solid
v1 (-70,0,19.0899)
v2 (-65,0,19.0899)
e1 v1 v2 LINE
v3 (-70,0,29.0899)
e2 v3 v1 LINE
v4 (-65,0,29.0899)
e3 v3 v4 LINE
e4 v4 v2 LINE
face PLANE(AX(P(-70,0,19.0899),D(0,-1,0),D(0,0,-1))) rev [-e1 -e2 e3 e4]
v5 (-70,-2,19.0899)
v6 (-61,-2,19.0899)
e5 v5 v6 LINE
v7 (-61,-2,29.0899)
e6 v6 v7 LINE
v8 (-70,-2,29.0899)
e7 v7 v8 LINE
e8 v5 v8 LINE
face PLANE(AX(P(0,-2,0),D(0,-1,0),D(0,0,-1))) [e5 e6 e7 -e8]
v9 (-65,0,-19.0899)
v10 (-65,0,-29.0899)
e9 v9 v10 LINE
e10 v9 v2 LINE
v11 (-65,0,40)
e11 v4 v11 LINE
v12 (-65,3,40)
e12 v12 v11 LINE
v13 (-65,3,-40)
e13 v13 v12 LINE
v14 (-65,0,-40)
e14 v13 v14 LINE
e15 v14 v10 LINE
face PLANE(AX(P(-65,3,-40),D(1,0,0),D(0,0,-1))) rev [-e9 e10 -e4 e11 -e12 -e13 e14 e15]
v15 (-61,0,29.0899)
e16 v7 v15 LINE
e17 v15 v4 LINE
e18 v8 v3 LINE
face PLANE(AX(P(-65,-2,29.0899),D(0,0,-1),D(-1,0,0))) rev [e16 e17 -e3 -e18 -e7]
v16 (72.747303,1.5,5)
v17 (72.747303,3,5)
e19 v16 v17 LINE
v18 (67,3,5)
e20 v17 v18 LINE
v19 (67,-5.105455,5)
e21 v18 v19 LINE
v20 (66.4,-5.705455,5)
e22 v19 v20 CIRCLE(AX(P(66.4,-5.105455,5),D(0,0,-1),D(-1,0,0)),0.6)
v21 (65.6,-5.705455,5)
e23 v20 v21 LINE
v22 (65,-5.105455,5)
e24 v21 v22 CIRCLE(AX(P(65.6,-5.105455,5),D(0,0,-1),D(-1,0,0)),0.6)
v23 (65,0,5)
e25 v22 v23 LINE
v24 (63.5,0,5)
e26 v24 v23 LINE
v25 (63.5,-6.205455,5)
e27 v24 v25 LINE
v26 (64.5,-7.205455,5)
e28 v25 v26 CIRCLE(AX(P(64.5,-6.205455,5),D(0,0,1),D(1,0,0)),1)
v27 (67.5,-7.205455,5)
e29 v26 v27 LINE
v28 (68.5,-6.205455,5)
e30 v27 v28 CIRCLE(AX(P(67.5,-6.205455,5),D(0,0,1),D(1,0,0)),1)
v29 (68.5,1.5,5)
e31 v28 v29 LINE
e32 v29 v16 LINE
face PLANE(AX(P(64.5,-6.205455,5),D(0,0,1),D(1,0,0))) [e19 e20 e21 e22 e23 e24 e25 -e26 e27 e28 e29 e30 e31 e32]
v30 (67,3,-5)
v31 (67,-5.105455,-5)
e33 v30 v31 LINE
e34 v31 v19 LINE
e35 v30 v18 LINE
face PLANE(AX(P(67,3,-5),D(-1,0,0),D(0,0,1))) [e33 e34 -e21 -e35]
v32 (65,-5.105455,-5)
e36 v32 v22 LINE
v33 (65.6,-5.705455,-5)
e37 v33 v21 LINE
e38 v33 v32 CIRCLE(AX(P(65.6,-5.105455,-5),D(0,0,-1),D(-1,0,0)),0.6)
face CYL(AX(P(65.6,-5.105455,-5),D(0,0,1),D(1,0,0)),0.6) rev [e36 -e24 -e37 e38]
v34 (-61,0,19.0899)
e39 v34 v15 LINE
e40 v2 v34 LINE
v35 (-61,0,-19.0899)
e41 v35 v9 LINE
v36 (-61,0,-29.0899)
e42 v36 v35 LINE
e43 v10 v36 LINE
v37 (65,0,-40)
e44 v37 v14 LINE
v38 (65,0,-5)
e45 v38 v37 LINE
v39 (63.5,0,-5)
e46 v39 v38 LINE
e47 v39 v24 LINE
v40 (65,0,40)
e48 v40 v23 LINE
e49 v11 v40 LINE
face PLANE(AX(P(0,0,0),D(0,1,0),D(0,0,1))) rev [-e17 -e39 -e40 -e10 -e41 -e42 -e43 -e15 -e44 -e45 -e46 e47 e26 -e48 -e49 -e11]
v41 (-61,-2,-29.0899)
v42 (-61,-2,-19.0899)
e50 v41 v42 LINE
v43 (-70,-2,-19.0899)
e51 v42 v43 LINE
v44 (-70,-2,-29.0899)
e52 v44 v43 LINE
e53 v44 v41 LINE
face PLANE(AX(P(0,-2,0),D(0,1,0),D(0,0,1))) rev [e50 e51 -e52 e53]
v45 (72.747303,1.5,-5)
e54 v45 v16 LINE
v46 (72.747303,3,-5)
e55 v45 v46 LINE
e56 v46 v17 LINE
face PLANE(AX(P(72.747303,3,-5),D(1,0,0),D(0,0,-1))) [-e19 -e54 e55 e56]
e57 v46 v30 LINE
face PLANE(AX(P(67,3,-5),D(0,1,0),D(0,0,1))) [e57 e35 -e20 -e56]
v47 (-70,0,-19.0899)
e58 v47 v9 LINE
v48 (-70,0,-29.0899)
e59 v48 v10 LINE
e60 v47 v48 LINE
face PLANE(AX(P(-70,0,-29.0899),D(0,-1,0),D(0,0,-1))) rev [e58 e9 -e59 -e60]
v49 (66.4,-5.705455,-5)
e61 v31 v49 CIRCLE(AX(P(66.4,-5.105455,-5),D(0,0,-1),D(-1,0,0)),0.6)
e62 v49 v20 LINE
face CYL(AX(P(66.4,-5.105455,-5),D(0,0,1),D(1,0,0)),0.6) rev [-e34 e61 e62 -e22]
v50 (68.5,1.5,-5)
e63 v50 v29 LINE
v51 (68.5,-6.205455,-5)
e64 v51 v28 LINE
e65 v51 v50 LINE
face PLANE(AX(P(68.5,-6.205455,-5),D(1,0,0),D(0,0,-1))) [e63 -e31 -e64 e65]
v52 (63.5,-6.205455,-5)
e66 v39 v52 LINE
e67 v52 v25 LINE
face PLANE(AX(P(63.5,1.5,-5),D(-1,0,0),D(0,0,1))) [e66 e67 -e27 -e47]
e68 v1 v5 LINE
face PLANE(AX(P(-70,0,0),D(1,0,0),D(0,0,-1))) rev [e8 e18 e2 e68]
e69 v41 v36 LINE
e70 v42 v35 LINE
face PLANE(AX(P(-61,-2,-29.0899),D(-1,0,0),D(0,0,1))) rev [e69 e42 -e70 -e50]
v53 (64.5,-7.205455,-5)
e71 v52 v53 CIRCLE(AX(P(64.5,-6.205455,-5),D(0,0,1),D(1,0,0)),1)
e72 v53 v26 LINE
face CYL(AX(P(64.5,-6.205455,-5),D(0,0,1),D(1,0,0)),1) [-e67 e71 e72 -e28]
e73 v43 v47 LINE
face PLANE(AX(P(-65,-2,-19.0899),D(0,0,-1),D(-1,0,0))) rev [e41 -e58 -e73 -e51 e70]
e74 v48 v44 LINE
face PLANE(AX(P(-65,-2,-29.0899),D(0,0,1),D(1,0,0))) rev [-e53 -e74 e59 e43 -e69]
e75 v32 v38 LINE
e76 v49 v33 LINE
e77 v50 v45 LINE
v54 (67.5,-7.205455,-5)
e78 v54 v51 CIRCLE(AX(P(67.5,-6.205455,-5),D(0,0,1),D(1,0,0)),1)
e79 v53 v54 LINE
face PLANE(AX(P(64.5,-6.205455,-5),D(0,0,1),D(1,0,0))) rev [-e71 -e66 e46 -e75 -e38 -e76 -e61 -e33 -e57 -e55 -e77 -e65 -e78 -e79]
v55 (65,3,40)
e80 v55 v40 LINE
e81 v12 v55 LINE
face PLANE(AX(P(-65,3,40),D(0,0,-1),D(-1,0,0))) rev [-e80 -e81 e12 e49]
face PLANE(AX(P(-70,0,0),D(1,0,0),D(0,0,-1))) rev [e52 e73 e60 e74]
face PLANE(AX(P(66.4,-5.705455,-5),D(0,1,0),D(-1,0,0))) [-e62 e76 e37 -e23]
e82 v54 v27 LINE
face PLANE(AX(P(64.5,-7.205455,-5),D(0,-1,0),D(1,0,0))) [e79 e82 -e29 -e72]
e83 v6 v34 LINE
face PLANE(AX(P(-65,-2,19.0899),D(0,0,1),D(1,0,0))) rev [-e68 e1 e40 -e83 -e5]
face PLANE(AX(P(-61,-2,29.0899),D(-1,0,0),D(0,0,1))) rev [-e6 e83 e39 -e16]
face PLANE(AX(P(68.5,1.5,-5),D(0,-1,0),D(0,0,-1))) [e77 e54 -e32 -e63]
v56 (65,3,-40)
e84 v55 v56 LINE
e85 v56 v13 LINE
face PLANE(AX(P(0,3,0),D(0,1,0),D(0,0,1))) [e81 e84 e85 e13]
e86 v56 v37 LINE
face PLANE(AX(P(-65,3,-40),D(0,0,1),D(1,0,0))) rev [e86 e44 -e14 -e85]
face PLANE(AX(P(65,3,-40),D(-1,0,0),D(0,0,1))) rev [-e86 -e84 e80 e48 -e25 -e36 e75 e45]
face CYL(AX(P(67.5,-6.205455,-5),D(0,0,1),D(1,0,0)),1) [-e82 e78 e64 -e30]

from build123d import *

# Parameters (mm, degrees)
SKETCH1_W                = 130
SKETCH1_H                = 80
BOSS_EXTRUDE1_DEPTH      = 3
BOSS_EXTRUDE2_DEPTH      = 5
BOSS_EXTRUDE2_DEPTH_BACK = 5
SKETCH3_W                = 4
SKETCH3_H                = 10
BOSS_EXTRUDE3_DEPTH      = 2
SKETCH4_W                = 10
SKETCH4_H                = 2
BOSS_EXTRUDE4_DEPTH      = 5


with BuildPart() as part:
    # Sketch1 → Boss-Extrude1 (new body)
    with BuildSketch(Plane(origin=(0, 0, 0), x_dir=(1, 0, 0), z_dir=(0, 1, 0))):
        Rectangle(SKETCH1_W, SKETCH1_H)
    extrude(amount=BOSS_EXTRUDE1_DEPTH)

    # Sketch2 → Boss-Extrude2 (add, two sides: drawn at the far end of the back side and taken through both)
    with BuildSketch(Plane.XY.offset(-BOSS_EXTRUDE2_DEPTH_BACK)):
        with BuildLine():
            Line((63.5, 1.5), (63.5, -6.205455333))
            ThreePointArc((63.5, -6.205455333), (63.792893219, -6.912562114), (64.5, -7.205455333))
            Line((64.5, -7.205455333), (67.5, -7.205455333))
            ThreePointArc((67.5, -7.205455333), (68.207106781, -6.912562114), (68.5, -6.205455333))
            Line((68.5, -6.205455333), (68.5, 1.5))
            Line((68.5, 1.5), (72.74730308, 1.5))
            Line((72.74730308, 1.5), (72.74730308, 3))
            Line((72.74730308, 3), (67, 3))
            Line((67, 3), (67, -5.105455333))
            ThreePointArc((67, -5.105455333), (66.824264069, -5.529719402), (66.4, -5.705455333))
            Line((66.4, -5.705455333), (65.6, -5.705455333))
            ThreePointArc((65.6, -5.705455333), (65.175735931, -5.529719402), (65, -5.105455333))
            Line((65, -5.105455333), (65, 1.5))
            Line((65, 1.5), (63.5, 1.5))
        make_face()
    extrude(amount=BOSS_EXTRUDE2_DEPTH + BOSS_EXTRUDE2_DEPTH_BACK)

    # Sketch3 → Boss-Extrude3 (add)
    with BuildSketch(Plane.XZ):
        with Locations((-63, 24.089900089)):
            Rectangle(SKETCH3_W, SKETCH3_H)
        with Locations((-63, -24.089900089)):
            Rectangle(SKETCH3_W, SKETCH3_H)
    extrude(amount=BOSS_EXTRUDE3_DEPTH)

    # Sketch4 → Boss-Extrude4 (add)
    with BuildSketch(Plane.ZY.offset(65)):
        with Locations((-24.089900089, -1)):
            Rectangle(SKETCH4_W, SKETCH4_H)
        with Locations((24.089900089, -1)):
            Rectangle(SKETCH4_W, SKETCH4_H)
    extrude(amount=BOSS_EXTRUDE4_DEPTH)


solid = part.part
